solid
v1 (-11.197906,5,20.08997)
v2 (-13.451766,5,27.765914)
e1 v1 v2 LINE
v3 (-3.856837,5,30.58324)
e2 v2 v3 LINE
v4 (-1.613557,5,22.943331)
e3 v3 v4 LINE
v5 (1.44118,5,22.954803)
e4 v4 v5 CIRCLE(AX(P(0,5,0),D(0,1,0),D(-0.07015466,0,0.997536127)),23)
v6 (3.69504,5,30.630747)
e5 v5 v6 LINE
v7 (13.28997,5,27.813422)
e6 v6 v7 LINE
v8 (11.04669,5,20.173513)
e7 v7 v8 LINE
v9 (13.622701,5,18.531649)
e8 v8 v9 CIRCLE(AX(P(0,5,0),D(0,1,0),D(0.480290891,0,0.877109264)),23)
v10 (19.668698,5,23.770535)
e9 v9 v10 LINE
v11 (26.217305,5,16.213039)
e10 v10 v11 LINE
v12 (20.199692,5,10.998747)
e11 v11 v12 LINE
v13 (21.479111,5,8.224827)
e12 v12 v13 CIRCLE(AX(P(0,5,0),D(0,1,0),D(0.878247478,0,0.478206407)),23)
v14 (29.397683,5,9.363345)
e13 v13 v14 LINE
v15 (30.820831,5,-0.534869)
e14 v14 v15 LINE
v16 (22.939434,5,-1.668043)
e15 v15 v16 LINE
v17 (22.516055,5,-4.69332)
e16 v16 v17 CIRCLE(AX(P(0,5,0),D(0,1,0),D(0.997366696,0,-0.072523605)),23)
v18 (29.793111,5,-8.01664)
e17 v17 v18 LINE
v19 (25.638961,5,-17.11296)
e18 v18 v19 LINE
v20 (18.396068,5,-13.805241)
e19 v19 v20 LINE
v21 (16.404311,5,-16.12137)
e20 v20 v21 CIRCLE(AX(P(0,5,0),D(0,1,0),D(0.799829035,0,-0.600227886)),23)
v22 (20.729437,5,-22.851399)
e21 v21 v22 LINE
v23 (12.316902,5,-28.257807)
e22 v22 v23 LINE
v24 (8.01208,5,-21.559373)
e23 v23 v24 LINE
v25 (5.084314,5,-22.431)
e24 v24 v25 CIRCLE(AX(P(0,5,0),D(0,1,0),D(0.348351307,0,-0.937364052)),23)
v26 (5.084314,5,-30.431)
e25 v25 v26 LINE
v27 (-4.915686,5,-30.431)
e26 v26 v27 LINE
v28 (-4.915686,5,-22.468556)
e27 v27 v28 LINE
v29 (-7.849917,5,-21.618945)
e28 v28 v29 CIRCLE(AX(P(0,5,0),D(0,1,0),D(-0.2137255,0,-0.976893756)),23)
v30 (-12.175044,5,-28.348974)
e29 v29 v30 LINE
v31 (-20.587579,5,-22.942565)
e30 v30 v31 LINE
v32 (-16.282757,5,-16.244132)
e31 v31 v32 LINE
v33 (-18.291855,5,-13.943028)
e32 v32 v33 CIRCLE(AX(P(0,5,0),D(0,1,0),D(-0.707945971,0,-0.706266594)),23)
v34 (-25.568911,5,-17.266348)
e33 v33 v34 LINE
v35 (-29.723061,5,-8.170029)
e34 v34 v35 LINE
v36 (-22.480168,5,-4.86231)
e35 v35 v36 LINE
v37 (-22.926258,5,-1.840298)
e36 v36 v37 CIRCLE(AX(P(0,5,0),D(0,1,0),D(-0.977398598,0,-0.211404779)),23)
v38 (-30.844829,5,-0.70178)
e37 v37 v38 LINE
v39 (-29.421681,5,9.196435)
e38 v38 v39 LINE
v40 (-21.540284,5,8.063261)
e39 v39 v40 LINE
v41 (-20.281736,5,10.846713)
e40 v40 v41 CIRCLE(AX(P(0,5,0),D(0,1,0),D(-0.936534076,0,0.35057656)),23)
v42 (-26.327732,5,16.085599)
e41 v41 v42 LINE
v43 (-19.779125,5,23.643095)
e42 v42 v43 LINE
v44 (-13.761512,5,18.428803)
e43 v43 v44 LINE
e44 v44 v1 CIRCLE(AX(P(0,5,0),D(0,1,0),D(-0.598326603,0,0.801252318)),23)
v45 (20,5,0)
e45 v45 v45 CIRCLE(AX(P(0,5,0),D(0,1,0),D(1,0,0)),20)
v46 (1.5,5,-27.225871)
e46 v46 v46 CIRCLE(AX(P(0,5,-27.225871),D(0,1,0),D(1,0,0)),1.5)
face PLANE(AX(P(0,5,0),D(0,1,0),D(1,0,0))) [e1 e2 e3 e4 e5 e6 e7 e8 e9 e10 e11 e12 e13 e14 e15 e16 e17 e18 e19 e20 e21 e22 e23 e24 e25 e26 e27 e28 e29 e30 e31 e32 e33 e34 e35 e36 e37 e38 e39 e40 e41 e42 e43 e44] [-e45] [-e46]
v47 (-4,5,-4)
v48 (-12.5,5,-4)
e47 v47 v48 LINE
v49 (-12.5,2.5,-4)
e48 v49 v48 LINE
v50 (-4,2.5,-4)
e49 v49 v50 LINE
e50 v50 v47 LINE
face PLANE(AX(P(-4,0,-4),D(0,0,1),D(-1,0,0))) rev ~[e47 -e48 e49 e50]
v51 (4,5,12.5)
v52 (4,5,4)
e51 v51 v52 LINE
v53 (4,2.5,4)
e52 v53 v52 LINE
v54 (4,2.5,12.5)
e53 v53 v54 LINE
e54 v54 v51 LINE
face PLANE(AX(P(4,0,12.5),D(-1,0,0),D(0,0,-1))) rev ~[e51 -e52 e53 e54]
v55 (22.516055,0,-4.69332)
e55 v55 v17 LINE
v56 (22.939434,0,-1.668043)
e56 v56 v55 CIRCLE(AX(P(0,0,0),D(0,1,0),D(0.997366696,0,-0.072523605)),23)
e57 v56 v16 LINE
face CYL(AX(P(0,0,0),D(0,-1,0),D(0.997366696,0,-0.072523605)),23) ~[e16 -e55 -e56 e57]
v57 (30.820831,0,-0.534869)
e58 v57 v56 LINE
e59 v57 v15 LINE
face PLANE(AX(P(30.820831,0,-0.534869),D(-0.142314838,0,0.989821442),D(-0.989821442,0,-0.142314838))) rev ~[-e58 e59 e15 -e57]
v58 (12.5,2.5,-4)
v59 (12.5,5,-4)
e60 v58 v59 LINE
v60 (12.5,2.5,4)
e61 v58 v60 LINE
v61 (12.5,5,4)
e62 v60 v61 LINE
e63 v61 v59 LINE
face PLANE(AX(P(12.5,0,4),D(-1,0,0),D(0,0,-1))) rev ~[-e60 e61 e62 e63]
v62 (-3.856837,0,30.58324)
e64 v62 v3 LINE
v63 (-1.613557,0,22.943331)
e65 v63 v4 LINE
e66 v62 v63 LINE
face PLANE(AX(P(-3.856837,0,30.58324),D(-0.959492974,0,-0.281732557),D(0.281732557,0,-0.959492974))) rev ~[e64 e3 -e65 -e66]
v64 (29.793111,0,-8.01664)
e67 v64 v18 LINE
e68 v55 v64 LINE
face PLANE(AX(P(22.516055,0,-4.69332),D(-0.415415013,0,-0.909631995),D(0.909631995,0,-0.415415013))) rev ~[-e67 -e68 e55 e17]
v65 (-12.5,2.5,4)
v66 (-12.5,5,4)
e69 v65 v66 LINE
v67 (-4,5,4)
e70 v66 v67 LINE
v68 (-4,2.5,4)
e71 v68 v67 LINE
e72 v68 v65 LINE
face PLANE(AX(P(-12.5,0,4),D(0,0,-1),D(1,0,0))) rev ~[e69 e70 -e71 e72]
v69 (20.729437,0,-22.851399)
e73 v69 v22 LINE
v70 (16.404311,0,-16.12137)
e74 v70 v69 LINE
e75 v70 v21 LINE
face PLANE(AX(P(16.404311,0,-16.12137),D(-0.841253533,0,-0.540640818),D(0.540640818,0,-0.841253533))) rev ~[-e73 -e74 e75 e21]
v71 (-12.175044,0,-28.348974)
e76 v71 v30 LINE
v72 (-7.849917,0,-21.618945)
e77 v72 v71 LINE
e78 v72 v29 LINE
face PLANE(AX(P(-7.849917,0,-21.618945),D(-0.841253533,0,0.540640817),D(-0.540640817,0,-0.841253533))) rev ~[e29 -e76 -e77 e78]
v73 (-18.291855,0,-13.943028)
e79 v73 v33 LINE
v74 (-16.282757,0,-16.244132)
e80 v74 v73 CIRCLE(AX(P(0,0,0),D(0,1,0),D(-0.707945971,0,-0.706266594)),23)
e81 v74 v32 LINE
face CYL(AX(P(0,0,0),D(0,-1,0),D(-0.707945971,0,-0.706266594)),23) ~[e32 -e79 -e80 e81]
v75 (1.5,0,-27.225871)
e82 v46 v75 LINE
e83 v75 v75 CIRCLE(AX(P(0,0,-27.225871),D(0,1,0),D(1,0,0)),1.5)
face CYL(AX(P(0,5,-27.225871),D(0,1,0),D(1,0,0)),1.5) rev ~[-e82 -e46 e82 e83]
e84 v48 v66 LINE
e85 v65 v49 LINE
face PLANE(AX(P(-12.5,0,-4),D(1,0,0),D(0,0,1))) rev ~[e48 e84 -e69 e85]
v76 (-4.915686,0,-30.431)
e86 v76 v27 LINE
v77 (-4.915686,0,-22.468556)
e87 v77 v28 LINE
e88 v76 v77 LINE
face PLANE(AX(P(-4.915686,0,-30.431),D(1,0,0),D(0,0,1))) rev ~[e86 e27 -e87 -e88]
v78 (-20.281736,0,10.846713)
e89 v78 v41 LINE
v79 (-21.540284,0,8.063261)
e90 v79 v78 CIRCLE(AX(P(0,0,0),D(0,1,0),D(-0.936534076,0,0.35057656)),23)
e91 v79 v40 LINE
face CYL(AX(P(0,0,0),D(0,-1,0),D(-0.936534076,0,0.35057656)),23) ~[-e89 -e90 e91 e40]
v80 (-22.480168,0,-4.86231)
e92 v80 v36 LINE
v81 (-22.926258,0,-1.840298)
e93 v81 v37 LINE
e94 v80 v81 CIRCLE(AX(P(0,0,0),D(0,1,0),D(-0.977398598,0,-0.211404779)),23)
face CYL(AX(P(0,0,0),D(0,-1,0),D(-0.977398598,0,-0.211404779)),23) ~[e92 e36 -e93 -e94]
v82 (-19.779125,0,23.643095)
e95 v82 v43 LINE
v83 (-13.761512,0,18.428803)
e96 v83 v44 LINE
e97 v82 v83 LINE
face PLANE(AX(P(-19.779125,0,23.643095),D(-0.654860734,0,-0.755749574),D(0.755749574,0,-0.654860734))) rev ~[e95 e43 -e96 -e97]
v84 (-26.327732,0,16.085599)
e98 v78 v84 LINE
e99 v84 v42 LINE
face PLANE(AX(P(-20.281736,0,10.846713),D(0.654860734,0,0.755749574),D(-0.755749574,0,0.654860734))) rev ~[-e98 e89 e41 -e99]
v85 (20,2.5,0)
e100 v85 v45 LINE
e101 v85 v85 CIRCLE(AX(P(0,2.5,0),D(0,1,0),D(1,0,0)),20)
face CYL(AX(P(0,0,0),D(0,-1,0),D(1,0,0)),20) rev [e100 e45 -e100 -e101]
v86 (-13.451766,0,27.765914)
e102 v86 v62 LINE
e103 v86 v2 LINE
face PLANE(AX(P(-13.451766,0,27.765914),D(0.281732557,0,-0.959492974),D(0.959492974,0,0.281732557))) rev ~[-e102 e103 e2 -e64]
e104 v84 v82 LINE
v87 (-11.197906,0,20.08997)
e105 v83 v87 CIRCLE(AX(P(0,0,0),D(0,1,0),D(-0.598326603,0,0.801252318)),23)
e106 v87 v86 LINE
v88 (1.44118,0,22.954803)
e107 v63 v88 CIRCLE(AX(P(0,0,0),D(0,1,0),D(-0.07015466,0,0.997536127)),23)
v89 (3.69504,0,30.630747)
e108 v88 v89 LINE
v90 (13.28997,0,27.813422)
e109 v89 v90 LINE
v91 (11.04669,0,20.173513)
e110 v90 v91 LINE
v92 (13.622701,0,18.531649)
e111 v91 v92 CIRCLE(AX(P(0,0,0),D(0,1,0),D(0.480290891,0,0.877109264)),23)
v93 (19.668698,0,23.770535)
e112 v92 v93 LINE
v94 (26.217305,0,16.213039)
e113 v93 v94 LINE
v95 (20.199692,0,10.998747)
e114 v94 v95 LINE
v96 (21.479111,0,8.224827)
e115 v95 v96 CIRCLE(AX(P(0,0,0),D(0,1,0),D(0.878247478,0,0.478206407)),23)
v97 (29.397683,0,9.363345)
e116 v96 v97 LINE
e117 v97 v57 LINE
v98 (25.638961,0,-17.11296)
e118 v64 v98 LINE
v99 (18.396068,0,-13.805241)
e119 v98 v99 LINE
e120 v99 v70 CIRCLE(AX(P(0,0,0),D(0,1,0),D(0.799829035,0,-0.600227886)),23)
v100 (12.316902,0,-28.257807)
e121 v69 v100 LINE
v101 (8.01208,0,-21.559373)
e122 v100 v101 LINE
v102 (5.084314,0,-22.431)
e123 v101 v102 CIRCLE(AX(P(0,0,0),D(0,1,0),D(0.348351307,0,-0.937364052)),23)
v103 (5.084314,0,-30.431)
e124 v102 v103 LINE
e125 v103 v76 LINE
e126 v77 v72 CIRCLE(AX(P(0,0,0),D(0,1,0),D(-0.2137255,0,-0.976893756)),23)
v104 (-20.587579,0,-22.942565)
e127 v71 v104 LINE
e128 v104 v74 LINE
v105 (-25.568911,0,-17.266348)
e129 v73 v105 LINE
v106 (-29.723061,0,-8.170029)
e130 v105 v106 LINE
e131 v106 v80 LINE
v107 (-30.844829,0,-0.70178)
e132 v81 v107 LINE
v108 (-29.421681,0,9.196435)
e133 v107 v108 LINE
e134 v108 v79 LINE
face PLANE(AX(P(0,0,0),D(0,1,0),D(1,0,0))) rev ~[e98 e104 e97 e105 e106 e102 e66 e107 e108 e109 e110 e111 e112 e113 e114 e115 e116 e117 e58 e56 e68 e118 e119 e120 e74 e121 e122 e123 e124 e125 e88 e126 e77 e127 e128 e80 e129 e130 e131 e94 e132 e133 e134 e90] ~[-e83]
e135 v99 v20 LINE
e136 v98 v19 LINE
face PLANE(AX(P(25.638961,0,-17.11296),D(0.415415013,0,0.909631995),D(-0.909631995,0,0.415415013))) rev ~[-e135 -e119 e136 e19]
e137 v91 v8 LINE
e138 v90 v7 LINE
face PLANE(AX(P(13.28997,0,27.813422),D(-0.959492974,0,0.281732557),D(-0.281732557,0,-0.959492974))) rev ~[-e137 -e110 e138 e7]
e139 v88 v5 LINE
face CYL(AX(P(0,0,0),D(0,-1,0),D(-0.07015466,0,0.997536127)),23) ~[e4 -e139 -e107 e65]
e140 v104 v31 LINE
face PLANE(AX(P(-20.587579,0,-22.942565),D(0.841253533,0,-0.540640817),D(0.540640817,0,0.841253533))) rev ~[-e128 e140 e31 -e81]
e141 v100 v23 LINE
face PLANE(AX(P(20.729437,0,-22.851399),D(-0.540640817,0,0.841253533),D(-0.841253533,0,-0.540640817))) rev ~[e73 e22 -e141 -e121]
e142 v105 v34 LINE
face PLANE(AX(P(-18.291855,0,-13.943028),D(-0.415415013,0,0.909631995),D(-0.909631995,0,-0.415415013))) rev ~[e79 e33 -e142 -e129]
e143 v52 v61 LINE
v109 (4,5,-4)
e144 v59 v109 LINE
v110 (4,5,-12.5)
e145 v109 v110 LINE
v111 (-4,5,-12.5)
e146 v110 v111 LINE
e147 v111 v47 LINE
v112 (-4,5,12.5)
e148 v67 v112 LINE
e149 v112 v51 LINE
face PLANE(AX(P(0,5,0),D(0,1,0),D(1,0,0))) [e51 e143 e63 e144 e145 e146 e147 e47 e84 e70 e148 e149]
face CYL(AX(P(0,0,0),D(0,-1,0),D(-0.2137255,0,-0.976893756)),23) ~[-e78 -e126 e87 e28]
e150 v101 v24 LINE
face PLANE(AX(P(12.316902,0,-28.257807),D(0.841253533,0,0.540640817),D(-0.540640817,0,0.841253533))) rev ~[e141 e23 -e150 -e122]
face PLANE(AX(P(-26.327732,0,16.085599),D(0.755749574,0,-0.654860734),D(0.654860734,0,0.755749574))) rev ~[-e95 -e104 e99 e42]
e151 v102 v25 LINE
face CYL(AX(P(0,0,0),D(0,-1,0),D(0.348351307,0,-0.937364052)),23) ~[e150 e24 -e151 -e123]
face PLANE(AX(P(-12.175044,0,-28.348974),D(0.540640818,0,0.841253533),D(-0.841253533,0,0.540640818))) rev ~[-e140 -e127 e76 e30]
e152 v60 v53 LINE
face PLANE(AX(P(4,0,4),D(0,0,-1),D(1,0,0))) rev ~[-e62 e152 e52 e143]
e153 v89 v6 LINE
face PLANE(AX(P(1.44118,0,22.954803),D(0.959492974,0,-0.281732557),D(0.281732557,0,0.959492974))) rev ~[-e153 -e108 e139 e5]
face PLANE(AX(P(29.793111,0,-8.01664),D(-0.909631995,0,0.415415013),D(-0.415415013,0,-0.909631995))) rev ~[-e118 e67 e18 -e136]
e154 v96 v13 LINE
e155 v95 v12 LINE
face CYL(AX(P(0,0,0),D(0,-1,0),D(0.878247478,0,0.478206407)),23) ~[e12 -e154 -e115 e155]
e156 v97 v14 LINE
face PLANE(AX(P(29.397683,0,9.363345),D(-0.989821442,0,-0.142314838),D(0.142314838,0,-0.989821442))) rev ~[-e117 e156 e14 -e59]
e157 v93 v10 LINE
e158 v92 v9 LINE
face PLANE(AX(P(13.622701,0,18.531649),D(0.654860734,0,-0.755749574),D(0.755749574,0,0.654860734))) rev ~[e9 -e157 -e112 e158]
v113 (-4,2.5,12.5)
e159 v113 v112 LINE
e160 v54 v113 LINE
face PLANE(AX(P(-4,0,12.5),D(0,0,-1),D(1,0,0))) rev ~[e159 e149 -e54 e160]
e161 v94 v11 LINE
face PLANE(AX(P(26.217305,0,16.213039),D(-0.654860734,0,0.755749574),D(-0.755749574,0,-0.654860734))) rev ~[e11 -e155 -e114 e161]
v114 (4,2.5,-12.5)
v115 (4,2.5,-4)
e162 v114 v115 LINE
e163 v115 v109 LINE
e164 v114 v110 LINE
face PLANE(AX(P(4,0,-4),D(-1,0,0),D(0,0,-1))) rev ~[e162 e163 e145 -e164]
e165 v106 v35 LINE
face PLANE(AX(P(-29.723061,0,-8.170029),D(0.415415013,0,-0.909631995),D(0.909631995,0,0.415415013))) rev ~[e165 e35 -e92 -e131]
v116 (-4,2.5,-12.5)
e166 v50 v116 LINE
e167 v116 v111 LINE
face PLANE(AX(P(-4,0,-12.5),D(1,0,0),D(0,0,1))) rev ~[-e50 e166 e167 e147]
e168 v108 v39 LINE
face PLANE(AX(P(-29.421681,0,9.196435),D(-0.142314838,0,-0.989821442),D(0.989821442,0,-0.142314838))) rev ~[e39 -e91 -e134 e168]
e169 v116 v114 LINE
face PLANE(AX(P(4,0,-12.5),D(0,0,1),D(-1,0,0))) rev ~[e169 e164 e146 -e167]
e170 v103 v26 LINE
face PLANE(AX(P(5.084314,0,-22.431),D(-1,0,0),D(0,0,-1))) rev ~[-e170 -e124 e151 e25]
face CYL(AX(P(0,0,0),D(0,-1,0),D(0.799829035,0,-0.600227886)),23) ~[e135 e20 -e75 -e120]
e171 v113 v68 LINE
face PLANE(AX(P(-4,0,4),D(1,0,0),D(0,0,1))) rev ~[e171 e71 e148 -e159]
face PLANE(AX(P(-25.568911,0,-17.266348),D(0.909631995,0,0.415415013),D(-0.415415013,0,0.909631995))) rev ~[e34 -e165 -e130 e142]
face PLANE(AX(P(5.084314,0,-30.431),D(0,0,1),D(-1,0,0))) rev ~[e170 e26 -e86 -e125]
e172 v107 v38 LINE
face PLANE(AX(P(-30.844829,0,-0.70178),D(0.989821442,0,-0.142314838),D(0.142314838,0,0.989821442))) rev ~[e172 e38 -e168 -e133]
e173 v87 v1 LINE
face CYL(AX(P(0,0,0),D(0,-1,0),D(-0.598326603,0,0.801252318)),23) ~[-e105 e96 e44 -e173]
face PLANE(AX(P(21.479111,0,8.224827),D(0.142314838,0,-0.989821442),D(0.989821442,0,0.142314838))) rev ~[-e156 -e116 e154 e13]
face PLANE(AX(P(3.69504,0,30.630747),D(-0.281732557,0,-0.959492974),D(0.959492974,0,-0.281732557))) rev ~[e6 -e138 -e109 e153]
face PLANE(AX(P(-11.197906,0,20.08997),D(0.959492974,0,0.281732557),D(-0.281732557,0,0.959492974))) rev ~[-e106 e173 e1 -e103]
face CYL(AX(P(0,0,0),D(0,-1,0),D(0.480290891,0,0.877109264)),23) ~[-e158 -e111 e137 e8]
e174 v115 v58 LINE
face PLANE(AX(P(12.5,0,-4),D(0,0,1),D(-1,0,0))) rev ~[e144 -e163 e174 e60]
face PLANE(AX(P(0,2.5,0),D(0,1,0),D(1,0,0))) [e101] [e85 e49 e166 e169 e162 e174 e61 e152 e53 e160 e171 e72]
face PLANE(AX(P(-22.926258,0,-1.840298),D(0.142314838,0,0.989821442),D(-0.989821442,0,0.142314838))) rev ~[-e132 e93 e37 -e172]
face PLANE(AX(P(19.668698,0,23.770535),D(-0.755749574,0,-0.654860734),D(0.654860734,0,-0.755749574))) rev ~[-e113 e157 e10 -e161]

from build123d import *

# Parameters (mm, degrees)
SKETCH1_R           = 20
BOSS_EXTRUDE1_DEPTH = 2.5
SKETCH1_4_R         = 20
BOSS_EXTRUDE2_DEPTH = 5
SKETCH3_R           = 1.5
CUT_EXTRUDE1_DEPTH  = 7


with BuildPart() as part:
    # Sketch1 → Boss-Extrude1 (new body)
    with BuildSketch(Plane(origin=(0, 0, 0), x_dir=(1, 0, 0), z_dir=(0, 1, 0))):
        Circle(SKETCH1_R)
        Polygon((-12.5, -4), (-12.5, 4), (-4, 4), (-4, 12.5), (4, 12.5), (4, 4), (12.5, 4), (12.5, -4), (4, -4), (4, -12.5), (-4, -12.5), (-4, -4), align=None, mode=Mode.SUBTRACT)
    extrude(amount=BOSS_EXTRUDE1_DEPTH)

    # Sketch1_4 → Boss-Extrude2 (add)
    with BuildSketch(Plane(origin=(0, 0, 0), x_dir=(1, 0, 0), z_dir=(0, 1, 0))):
        with BuildLine():
            Line((-4.915686496, 30.430999893), (-4.915686496, 22.468556391))
            ThreePointArc((-4.915686496, 22.468556391), (-6.396922743, 22.09251863), (-7.849917421, 21.618945314))
            Line((-7.849917421, 21.618945314), (-12.175043961, 28.348973577))
            Line((-12.175043961, 28.348973577), (-20.587579289, 22.942565402))
            Line((-20.587579289, 22.942565402), (-16.282757325, 16.244131676))
            ThreePointArc((-16.282757325, 16.244131676), (-17.325551189, 15.126971805), (-18.29185503, 13.94302835))
            Line((-18.29185503, 13.94302835), (-25.568910993, 17.266348454))
            Line((-25.568910993, 17.266348454), (-29.723061123, 8.170028501))
            Line((-29.723061123, 8.170028501), (-22.480167752, 4.86230993))
            ThreePointArc((-22.480167752, 4.86230993), (-22.753439548, 3.358718315), (-22.926257911, 1.840298402))
            Line((-22.926257911, 1.840298402), (-30.844829446, 0.701779696))
            Line((-30.844829446, 0.701779696), (-29.421681063, -9.196434723))
            Line((-29.421681063, -9.196434723), (-21.540283755, -8.063260864))
            ThreePointArc((-21.540283755, -8.063260864), (-20.957271619, -9.475904509), (-20.281735894, -10.846713286))
            Line((-20.281735894, -10.846713286), (-26.327732489, -16.085599158))
            Line((-26.327732489, -16.085599158), (-19.77912515, -23.643094901))
            Line((-19.77912515, -23.643094901), (-13.761511862, -18.428803305))
            ThreePointArc((-13.761511862, -18.428803305), (-12.507318028, -19.301994605), (-11.197906035, -20.089970145))
            Line((-11.197906035, -20.089970145), (-13.45176649, -27.765913934))
            Line((-13.45176649, -27.765913934), (-3.856836754, -30.583239502))
            Line((-3.856836754, -30.583239502), (-1.613557187, -22.943330909))
            ThreePointArc((-1.613557187, -22.943330909), (-0.086379336, -22.999837795), (1.441179869, -22.954803432))
            Line((1.441179869, -22.954803432), (3.695040324, -30.630747221))
            Line((3.695040324, -30.630747221), (13.28997006, -27.813421652))
            Line((13.28997006, -27.813421652), (11.046690494, -20.173513059))
            ThreePointArc((11.046690494, -20.173513059), (12.361984186, -19.395394995), (13.622701348, -18.53164882))
            Line((13.622701348, -18.53164882), (19.668697943, -23.770534691))
            Line((19.668697943, -23.770534691), (26.217305283, -16.213038948))
            Line((26.217305283, -16.213038948), (20.199691995, -10.998747352))
            ThreePointArc((20.199691995, -10.998747352), (20.885505074, -9.633051324), (21.479111403, -8.224826646))
            Line((21.479111403, -8.224826646), (29.397682938, -9.363345352))
            Line((29.397682938, -9.363345352), (30.82083132, 0.534869067))
            Line((30.82083132, 0.534869067), (22.939434012, 1.668042926))
            ThreePointArc((22.939434012, 1.668042926), (22.778025671, 3.187718078), (22.516055351, 4.693319874))
            Line((22.516055351, 4.693319874), (29.793111314, 8.016639978))
            Line((29.793111314, 8.016639978), (25.638961184, 17.112959932))
            Line((25.638961184, 17.112959932), (18.396067813, 13.805241361))
            ThreePointArc((18.396067813, 13.805241361), (17.438684059, 14.996409513), (16.404310816, 16.121370496))
            Line((16.404310816, 16.121370496), (20.729437356, 22.851398758))
            Line((20.729437356, 22.851398758), (12.316902027, 28.257806933))
            Line((12.316902027, 28.257806933), (8.012080063, 21.559373207))
            ThreePointArc((8.012080063, 21.559373207), (6.562683475, 22.043846888), (5.084313504, 22.430999893))
            Line((5.084313504, 22.430999893), (5.084313504, 30.430999893))
            Line((5.084313504, 30.430999893), (-4.915686496, 30.430999893))
        make_face()
        Circle(SKETCH1_4_R, mode=Mode.SUBTRACT)
        Polygon((-4, 4), (-12.5, 4), (-12.5, -4), (-4, -4), (-4, -12.5), (4, -12.5), (4, -4), (12.5, -4), (12.5, 4), (4, 4), (4, 12.5), (-4, 12.5), align=None)
    extrude(amount=BOSS_EXTRUDE2_DEPTH)

    # Sketch3 → Cut-Extrude1 (cut)
    with BuildSketch(Plane(origin=(0, 5, 0), x_dir=(1, 0, 0), z_dir=(0, 1, 0))):
        with Locations((0, 27.225870762)):
            Circle(SKETCH3_R)
    extrude(amount=-CUT_EXTRUDE1_DEPTH, mode=Mode.SUBTRACT)


solid = part.part
